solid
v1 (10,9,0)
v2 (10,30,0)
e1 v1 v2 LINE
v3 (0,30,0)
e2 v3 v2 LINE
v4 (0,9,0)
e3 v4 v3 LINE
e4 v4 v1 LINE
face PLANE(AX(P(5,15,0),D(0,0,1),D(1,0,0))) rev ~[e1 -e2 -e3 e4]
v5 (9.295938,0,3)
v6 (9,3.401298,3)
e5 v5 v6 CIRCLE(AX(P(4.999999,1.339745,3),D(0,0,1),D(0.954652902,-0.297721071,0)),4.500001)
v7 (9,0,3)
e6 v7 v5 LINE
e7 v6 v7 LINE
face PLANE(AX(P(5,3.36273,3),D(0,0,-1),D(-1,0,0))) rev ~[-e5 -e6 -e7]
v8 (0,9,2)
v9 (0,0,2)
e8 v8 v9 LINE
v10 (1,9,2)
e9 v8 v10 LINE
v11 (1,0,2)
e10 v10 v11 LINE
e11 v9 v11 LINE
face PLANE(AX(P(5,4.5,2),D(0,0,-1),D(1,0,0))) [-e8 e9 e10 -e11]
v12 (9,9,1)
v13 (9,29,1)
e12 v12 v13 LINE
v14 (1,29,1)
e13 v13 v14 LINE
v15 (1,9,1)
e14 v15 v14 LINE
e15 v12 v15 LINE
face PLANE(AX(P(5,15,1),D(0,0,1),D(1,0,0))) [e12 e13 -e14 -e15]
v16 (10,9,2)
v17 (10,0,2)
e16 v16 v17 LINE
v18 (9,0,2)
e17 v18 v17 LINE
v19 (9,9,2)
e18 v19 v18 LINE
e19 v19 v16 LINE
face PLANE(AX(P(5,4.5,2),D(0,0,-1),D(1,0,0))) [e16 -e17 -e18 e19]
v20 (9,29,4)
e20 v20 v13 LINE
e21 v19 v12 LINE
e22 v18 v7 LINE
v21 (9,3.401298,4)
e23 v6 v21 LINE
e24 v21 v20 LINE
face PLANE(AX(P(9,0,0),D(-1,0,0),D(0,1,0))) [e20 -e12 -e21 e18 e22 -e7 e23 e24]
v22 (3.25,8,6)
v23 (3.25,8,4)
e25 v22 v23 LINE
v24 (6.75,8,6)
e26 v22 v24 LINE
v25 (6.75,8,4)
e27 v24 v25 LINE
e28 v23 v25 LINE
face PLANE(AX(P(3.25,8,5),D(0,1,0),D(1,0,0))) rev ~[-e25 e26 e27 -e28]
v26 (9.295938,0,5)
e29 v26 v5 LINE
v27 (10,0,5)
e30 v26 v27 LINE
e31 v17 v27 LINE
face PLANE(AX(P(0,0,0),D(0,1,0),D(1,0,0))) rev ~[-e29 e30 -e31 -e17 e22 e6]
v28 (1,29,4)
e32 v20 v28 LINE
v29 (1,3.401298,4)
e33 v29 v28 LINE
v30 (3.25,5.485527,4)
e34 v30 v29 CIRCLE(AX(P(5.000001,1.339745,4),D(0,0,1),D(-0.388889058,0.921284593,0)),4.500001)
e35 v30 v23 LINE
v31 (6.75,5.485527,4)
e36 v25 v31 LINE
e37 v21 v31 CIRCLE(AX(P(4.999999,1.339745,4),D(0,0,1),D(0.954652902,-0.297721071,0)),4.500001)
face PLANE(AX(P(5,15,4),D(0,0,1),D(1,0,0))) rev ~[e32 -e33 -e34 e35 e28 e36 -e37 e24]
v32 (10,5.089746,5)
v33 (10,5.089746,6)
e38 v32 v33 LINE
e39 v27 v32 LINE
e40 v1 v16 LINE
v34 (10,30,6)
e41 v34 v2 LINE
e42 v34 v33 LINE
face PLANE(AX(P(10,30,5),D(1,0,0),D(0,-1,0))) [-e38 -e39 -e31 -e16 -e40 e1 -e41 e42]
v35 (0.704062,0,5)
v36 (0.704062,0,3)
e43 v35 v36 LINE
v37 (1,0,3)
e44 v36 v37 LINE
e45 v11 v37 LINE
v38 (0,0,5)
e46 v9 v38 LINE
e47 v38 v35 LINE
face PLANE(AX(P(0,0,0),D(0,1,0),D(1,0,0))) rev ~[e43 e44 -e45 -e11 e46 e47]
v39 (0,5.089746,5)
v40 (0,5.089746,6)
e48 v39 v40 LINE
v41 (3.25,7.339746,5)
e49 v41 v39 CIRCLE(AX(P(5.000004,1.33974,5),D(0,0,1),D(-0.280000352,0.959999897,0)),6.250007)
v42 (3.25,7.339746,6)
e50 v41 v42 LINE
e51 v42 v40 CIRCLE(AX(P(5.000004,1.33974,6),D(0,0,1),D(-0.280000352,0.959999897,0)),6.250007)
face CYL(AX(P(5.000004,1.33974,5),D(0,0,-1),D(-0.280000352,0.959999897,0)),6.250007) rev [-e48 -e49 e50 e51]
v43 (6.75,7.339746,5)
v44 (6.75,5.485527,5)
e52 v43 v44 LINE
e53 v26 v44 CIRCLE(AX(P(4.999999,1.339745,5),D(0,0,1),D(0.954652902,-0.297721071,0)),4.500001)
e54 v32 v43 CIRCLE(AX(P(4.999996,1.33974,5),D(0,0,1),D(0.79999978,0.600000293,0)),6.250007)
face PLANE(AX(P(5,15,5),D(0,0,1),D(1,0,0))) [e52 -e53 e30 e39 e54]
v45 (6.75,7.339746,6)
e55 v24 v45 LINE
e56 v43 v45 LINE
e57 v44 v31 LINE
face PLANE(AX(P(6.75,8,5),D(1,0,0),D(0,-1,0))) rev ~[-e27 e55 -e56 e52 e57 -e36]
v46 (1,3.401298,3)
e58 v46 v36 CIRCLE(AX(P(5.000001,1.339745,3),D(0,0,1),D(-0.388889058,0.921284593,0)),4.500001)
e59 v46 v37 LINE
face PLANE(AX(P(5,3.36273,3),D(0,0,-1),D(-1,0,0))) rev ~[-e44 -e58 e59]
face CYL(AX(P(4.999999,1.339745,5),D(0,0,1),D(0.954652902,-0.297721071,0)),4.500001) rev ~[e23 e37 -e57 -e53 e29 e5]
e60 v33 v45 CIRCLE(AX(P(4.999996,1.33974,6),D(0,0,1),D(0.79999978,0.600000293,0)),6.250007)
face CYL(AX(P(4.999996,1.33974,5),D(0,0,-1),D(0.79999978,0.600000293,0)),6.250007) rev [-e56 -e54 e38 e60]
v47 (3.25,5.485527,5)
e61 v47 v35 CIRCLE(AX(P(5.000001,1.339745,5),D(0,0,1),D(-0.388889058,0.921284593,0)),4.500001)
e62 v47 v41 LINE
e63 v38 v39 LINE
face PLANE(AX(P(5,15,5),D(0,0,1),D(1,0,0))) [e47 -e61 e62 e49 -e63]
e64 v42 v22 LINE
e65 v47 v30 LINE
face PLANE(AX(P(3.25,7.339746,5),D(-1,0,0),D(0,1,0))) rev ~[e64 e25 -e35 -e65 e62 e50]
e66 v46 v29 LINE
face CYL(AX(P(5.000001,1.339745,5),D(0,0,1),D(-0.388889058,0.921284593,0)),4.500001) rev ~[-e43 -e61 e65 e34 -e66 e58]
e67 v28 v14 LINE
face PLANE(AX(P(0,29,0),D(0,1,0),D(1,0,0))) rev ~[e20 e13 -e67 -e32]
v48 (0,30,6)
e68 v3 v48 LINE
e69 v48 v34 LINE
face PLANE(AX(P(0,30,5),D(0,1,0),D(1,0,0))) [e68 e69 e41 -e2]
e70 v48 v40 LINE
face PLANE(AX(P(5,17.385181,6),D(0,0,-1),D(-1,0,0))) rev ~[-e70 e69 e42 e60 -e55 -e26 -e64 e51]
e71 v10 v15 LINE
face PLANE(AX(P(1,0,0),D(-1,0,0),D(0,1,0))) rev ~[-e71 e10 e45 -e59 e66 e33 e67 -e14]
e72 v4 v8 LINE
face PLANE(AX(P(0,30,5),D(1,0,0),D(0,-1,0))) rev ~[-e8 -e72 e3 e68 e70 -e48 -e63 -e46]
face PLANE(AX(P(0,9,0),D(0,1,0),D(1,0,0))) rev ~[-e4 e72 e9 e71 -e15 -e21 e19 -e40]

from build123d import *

# Parameters (mm, degrees)
SKETCH_W        = 10
SKETCH_H        = 30
PAD_DEPTH       = 5
THICKNESS_T     = -1
POCKET_DEPTH    = 2
SKETCH002_W     = 10
SKETCH002_H     = 9
POCKET001_DEPTH = 2
PAD001_DEPTH    = 1


with BuildPart() as part:
    # Sketch → Pad (new body)
    with BuildSketch(Plane.XY):
        with Locations((5, 15)):
            Rectangle(SKETCH_W, SKETCH_H)
    extrude(amount=PAD_DEPTH)

    # Thickness
    thickness_openings = [part.faces().sort_by_distance(p)[0] for p in [
        (5, 0, 2.5),
    ]]
    offset(amount=THICKNESS_T, openings=thickness_openings)

    # Sketch001 (on Face5 of Thickness) → Pocket (cut)
    with BuildSketch(Plane.XY.offset(5)):
        with BuildLine():
            Line((3.25, 5.485527), (3.25, 8))
            Line((3.25, 8), (6.75, 8))
            Line((6.75, 8), (6.75, 5.485527))
            ThreePointArc((9.295938, 0), (9.0818, 3.234187), (6.75, 5.485527))
            Line((0.704062, 0), (9.295938, 0))
            ThreePointArc((3.25, 5.485527), (0.9182, 3.234187), (0.704062, 0))
        make_face()
    extrude(amount=-POCKET_DEPTH, mode=Mode.SUBTRACT)

    # Sketch002 (on Face4 of Pocket) → Pocket001 (cut)
    with BuildSketch(Plane(origin=(0, 0, 0), x_dir=(1, 0, 0), z_dir=(0, 0, -1))):
        with Locations((5, -4.5)):
            Rectangle(SKETCH002_W, SKETCH002_H)
    extrude(amount=-POCKET001_DEPTH, mode=Mode.SUBTRACT)

    # Sketch003 (on Face6 of Pocket001) → Pad001 (join)
    with BuildSketch(Plane.XY.offset(5)):
        with BuildLine():
            Line((0, 30), (10, 30))
            Line((10, 30), (10, 5.089746))
            ThreePointArc((10, 5.089746), (8.557562, 6.478447), (6.75, 7.339746))
            Line((6.75, 8), (6.75, 7.339746))
            Line((3.25, 8), (6.75, 8))
            Line((3.25, 7.339746), (3.25, 8))
            ThreePointArc((3.25, 7.339746), (1.442438, 6.478447), (0, 5.089746))
            Line((0, 30), (0, 5.089746))
        make_face()
    extrude(amount=PAD001_DEPTH)


solid = part.part
